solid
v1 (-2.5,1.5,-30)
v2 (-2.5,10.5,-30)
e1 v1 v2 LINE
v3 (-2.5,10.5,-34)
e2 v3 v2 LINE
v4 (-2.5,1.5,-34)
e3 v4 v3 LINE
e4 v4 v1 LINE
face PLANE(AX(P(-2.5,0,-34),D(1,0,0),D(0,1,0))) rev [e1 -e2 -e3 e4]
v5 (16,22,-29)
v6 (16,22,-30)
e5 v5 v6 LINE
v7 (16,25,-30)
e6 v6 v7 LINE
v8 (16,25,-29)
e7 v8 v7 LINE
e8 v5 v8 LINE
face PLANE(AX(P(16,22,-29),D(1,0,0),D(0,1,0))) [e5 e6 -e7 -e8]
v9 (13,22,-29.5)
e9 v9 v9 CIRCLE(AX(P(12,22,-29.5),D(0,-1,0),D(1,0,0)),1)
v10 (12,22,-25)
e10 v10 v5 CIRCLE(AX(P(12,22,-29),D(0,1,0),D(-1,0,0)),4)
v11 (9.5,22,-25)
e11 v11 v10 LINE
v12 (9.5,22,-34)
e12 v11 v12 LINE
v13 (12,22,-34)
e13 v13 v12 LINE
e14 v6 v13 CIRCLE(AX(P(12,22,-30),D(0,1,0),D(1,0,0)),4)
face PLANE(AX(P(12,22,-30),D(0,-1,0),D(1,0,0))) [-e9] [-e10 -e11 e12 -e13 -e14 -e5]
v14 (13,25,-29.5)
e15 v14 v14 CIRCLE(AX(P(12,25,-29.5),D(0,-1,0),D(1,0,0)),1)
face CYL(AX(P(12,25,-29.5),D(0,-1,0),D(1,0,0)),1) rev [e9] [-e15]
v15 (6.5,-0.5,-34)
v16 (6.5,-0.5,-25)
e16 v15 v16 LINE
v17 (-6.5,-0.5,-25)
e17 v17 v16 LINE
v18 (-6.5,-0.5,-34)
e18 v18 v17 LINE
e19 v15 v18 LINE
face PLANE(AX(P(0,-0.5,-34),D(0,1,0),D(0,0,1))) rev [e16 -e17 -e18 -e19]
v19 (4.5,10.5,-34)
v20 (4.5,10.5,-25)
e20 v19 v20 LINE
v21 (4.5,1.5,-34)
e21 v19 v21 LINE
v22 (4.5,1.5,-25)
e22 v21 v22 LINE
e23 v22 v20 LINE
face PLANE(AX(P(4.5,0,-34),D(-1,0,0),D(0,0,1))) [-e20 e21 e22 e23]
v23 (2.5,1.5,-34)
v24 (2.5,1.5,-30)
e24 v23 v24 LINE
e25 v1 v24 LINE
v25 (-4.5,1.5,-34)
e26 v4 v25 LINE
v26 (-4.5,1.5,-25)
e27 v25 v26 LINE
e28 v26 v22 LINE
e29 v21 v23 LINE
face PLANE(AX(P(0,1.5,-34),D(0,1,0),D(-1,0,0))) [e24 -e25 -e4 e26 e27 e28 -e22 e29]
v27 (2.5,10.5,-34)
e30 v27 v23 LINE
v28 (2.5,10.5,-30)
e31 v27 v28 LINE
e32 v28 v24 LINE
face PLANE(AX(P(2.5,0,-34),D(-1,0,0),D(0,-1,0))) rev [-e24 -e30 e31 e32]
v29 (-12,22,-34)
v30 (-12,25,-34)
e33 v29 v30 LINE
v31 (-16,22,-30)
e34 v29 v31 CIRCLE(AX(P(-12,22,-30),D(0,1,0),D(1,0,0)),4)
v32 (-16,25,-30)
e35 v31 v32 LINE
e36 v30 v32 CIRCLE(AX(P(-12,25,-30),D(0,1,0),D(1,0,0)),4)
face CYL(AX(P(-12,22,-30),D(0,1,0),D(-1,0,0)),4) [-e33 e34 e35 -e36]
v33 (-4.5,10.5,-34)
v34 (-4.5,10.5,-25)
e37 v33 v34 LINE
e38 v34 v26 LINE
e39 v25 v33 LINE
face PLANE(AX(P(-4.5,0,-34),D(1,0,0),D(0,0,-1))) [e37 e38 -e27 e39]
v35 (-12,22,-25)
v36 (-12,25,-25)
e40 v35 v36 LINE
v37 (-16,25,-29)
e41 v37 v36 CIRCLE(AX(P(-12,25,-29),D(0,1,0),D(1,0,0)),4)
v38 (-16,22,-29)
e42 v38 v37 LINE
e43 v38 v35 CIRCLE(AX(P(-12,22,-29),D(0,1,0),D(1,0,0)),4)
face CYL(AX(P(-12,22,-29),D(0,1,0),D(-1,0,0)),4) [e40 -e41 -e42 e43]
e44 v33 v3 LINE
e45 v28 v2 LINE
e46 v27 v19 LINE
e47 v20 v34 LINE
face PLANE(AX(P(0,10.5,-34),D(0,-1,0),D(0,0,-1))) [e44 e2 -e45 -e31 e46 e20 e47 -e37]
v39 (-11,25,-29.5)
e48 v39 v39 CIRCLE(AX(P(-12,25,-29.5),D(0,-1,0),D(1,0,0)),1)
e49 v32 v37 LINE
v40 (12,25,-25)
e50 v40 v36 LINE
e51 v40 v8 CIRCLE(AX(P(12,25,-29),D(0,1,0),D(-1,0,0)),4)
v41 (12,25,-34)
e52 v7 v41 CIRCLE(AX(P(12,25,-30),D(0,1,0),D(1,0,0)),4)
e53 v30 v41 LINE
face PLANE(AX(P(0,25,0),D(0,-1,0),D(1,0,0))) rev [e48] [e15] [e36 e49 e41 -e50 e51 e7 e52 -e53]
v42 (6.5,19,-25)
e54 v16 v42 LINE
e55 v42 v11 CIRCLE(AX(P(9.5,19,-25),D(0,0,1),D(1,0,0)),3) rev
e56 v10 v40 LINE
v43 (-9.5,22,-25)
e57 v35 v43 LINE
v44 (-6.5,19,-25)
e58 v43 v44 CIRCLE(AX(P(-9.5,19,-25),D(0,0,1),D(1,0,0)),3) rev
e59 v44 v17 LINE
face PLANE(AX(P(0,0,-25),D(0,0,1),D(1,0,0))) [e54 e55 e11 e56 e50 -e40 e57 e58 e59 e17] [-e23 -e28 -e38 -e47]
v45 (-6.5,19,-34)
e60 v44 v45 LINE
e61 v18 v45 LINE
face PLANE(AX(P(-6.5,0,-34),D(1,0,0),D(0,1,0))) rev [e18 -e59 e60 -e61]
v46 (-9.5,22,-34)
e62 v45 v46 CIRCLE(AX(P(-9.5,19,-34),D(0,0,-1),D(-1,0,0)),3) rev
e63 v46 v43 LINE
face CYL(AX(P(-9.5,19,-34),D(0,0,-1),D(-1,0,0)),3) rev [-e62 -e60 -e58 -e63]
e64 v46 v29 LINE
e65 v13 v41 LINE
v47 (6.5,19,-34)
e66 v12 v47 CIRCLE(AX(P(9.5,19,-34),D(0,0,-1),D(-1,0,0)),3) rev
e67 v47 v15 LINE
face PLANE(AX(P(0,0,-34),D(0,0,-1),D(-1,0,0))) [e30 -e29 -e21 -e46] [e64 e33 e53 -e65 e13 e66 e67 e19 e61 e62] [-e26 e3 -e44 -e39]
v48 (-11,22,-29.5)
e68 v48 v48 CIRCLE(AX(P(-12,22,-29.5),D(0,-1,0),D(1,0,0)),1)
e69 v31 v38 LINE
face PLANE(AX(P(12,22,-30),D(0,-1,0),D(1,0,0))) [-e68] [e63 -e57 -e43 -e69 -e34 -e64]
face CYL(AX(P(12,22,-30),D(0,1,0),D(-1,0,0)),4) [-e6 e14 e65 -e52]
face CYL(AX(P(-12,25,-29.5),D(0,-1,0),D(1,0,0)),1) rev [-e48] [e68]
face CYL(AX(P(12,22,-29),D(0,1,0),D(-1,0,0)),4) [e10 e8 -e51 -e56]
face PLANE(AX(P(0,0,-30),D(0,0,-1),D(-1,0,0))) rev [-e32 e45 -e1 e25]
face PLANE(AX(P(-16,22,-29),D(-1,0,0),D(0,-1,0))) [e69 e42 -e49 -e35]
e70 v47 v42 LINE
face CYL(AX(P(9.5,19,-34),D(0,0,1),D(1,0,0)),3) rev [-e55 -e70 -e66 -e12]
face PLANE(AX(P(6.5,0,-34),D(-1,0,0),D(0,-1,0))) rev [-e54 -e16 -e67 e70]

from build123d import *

# Parameters (mm, degrees)
SKETCH1_W           = 13
SKETCH1_H           = 13
SKETCH1_W_2         = 5
SKETCH1_H_2         = 9
BOSS_EXTRUDE1_DEPTH = 4
SKETCH2_W           = 13
SKETCH2_H           = 13
SKETCH2_W_2         = 9
SKETCH2_H_2         = 9
BOSS_EXTRUDE2_DEPTH = 5
SKETCH3_W           = 13
SKETCH3_H           = 9
BOSS_EXTRUDE3_DEPTH = 12.5
BOSS_EXTRUDE4_DEPTH = 3
FILLET1_R           = 3
SKETCH5_R           = 1
CUT_EXTRUDE1_DEPTH  = 44.797830997


with BuildPart() as part:
    # Sketch1 → Boss-Extrude1 (new body)
    # profile 1 of 2: a face of its own
    with BuildSketch(Plane(origin=(0, 0, -30), x_dir=(-1, 0, 0), z_dir=(0, 0, -1))):
        with Locations((0, 6)):
            Rectangle(SKETCH1_W, SKETCH1_H)
        Polygon((-4.5, 10.5), (-2.5, 10.5), (2.5, 10.5), (4.5, 10.5), (4.5, 1.5), (2.5, 1.5), (-2.5, 1.5), (-4.5, 1.5), align=None, mode=Mode.SUBTRACT)
    # profile 2 of 2: a face of its own
    with BuildSketch(Plane(origin=(0, 0, -30), x_dir=(-1, 0, 0), z_dir=(0, 0, -1))):
        with Locations((0, 6)):
            Rectangle(SKETCH1_W_2, SKETCH1_H_2)
    extrude(amount=BOSS_EXTRUDE1_DEPTH)

    # Sketch2 → Boss-Extrude2 (add)
    with BuildSketch(Plane.XY.offset(-30)):
        with Locations((0, 6)):
            Rectangle(SKETCH2_W, SKETCH2_H)
        with Locations((0, 6)):
            Rectangle(SKETCH2_W_2, SKETCH2_H_2, mode=Mode.SUBTRACT)
    extrude(amount=BOSS_EXTRUDE2_DEPTH)

    # Sketch3 → Boss-Extrude3 (add)
    with BuildSketch(Plane(origin=(0, 12.5, 0), x_dir=(1, 0, 0), z_dir=(0, 1, 0))):
        with Locations((0, 29.5)):
            Rectangle(SKETCH3_W, SKETCH3_H)
    extrude(amount=BOSS_EXTRUDE3_DEPTH)

    # Sketch4 → Boss-Extrude4 (add)
    with BuildSketch(Plane(origin=(0, 25, 0), x_dir=(1, 0, 0), z_dir=(0, 1, 0))):
        with BuildLine():
            Line((-12, 25), (12, 25))
            ThreePointArc((12, 25), (14.828427125, 26.171572875), (16, 29))
            Line((16, 29), (16, 30))
            ThreePointArc((16, 30), (14.828427125, 32.828427125), (12, 34))
            Line((12, 34), (-12, 34))
            ThreePointArc((-12, 34), (-14.828427125, 32.828427125), (-16, 30))
            Line((-16, 30), (-16, 29))
            ThreePointArc((-16, 29), (-14.828427125, 26.171572875), (-12, 25))
        make_face()
    extrude(amount=-BOSS_EXTRUDE4_DEPTH)

    # Fillet1
    fillet1_edges = [part.edges().sort_by_distance(p)[0] for p in [
        (-6.5, 22, -29.5),
        (6.5, 22, -29.5),
    ]]
    fillet(fillet1_edges, radius=FILLET1_R)

    # Sketch5 → Cut-Extrude1 (cut, through all)
    with BuildSketch(Plane.XZ.offset(-22)):
        with Locations((-12, -29.5)):
            Circle(SKETCH5_R)
        with Locations((12, -29.5)):
            Circle(SKETCH5_R)
    extrude(amount=-CUT_EXTRUDE1_DEPTH, mode=Mode.SUBTRACT)


solid = part.part
